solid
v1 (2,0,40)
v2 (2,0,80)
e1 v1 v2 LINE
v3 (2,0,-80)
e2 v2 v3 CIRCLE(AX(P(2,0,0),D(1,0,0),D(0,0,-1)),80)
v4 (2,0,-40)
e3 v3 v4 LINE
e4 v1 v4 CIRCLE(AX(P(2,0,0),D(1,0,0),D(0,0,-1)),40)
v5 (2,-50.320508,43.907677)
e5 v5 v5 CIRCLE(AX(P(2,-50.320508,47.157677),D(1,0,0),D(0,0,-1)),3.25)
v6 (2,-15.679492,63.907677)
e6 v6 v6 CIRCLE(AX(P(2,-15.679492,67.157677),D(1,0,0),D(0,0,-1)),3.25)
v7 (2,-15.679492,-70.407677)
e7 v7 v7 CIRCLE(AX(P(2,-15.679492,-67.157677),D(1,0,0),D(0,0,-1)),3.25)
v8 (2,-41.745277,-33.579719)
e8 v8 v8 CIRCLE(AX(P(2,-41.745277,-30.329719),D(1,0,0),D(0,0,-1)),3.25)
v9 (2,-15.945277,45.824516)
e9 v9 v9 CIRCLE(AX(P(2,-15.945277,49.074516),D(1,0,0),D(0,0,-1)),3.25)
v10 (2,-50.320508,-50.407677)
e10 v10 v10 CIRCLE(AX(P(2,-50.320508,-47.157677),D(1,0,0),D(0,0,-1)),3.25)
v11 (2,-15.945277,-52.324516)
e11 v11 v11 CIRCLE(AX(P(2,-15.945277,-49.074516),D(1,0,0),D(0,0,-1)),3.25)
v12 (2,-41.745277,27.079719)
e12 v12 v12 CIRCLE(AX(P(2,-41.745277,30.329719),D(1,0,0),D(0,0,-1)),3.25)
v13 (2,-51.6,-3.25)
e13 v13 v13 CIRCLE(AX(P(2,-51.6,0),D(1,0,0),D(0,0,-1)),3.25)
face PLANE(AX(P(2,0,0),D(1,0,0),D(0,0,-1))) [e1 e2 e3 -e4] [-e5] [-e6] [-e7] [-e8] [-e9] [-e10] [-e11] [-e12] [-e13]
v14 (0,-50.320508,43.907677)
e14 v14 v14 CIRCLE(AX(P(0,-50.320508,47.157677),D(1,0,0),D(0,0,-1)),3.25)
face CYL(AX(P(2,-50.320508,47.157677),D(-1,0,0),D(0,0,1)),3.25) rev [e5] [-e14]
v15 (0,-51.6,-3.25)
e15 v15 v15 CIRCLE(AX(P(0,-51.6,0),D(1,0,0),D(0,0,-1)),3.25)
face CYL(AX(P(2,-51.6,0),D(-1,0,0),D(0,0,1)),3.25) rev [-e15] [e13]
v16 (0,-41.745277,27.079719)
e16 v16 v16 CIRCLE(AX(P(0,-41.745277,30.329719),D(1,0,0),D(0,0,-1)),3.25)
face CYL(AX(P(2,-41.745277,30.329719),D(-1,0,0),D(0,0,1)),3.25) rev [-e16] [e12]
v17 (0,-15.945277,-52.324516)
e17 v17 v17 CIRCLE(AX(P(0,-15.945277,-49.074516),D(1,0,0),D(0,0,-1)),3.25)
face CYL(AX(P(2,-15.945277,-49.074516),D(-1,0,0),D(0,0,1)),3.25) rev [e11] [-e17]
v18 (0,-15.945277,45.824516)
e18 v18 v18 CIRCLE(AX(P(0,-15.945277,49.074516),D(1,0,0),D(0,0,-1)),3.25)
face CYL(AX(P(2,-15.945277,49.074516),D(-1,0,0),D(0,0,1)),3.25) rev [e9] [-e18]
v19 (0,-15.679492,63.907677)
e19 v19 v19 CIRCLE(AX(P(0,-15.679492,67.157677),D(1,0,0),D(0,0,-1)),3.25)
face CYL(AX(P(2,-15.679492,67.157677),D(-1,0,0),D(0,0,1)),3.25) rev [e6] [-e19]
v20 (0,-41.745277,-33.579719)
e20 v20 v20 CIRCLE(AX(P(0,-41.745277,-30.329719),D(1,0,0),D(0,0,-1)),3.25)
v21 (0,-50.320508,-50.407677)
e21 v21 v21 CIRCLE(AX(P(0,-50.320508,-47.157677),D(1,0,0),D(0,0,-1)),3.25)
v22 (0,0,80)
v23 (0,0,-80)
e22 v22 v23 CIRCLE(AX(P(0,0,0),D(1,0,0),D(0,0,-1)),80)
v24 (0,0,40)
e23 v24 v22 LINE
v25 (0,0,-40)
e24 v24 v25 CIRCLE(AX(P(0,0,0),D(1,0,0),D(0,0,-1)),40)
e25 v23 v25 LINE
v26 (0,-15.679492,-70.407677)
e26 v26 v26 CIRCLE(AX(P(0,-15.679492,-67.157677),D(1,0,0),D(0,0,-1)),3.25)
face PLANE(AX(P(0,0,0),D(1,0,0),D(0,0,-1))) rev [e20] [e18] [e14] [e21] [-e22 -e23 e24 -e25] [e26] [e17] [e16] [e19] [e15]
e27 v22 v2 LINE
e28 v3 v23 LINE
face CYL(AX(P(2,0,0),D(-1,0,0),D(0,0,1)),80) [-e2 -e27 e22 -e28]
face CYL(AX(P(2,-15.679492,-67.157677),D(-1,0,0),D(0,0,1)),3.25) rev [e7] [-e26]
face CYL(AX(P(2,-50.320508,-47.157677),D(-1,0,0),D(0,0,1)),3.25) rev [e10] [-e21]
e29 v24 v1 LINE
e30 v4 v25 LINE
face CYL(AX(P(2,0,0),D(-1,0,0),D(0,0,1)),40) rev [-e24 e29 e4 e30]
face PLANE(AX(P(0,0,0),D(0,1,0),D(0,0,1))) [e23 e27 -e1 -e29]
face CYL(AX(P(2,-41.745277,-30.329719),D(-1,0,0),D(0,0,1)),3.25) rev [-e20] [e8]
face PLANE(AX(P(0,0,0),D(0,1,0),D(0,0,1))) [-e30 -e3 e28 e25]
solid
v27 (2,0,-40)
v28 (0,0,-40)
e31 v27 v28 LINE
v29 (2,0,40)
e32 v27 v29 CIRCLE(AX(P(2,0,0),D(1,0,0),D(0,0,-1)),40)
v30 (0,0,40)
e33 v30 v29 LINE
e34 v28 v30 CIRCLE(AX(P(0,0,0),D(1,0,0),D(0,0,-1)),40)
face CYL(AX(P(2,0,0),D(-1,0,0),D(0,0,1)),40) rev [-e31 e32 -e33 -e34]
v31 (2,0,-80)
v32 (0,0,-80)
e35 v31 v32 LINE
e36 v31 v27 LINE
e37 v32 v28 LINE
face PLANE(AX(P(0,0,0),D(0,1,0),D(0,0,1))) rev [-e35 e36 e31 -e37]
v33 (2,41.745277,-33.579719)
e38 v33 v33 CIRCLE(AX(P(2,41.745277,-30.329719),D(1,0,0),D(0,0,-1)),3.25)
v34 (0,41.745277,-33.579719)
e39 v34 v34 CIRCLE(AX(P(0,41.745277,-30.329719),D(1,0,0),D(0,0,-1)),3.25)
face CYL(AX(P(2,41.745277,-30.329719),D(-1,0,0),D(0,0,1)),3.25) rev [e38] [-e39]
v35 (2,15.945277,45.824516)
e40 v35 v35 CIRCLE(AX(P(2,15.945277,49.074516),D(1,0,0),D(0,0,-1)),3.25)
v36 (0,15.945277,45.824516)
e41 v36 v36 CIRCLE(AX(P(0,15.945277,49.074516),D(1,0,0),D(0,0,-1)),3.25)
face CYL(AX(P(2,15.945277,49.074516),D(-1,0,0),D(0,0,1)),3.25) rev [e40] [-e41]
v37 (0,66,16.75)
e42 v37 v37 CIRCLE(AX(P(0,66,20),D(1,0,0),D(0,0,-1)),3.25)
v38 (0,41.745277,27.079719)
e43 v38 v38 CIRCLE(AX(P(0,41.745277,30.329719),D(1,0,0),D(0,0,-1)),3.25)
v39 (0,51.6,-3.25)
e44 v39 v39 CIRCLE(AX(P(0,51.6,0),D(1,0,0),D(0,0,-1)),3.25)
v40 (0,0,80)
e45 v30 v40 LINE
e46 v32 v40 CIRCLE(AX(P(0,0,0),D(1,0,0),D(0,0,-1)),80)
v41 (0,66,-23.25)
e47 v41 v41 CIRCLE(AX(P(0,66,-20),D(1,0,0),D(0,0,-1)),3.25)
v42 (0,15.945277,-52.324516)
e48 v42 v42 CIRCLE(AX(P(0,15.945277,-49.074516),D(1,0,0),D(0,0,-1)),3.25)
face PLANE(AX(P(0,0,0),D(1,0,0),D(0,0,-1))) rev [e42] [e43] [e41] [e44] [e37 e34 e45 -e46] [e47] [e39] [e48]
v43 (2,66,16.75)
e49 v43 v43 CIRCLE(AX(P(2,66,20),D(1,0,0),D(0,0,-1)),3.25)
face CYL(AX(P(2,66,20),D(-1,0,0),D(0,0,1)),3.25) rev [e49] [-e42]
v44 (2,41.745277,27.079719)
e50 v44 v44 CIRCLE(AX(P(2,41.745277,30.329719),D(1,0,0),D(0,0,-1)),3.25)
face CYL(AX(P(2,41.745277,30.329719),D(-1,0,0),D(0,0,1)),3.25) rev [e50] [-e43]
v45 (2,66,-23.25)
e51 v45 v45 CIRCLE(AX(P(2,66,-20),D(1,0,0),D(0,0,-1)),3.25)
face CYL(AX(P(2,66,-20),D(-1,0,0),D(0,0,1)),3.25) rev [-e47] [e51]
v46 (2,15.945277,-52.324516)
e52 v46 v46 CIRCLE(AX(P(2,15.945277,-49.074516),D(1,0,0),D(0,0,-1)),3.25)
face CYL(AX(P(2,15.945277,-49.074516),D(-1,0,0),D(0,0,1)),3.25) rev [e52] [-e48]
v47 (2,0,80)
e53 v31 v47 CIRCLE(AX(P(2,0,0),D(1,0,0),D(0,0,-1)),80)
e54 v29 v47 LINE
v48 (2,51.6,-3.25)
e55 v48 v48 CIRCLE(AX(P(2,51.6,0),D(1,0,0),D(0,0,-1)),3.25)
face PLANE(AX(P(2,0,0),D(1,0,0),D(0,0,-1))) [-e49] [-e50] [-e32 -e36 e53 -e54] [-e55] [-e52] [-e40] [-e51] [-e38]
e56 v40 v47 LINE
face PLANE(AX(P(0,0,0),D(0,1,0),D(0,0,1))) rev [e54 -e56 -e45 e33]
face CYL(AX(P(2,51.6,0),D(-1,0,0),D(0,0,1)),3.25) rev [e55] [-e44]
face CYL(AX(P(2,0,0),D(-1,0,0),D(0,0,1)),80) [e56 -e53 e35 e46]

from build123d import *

# Parameters (mm, degrees)
SKETCH1_R           = 80
SKETCH1_R_2         = 40
SKETCH1_R_3         = 3.25
BOSS_EXTRUDE1_DEPTH = 2


with BuildPart() as part:
    # Sketch1 → Boss-Extrude1 (new body)
    with BuildSketch(Plane(origin=(0, 0, 0), x_dir=(0, 0, -1), z_dir=(1, 0, 0))):
        Circle(SKETCH1_R)
        Circle(SKETCH1_R_2, mode=Mode.SUBTRACT)
        with Locations((30.329719018, 41.74527691)):
            Circle(SKETCH1_R_3, mode=Mode.SUBTRACT)
        with Locations((49.074516241, 15.94527691)):
            Circle(SKETCH1_R_3, mode=Mode.SUBTRACT)
        with Locations((49.074516241, -15.94527691)):
            Circle(SKETCH1_R_3, mode=Mode.SUBTRACT)
        with Locations((30.329719018, -41.74527691)):
            Circle(SKETCH1_R_3, mode=Mode.SUBTRACT)
        with Locations((0, -51.6)):
            Circle(SKETCH1_R_3, mode=Mode.SUBTRACT)
        with Locations((-30.329719018, -41.74527691)):
            Circle(SKETCH1_R_3, mode=Mode.SUBTRACT)
        with Locations((-49.074516241, -15.94527691)):
            Circle(SKETCH1_R_3, mode=Mode.SUBTRACT)
        with Locations((-49.074516241, 15.94527691)):
            Circle(SKETCH1_R_3, mode=Mode.SUBTRACT)
        with Locations((-30.329719018, 41.74527691)):
            Circle(SKETCH1_R_3, mode=Mode.SUBTRACT)
        with Locations((0, 51.6)):
            Circle(SKETCH1_R_3, mode=Mode.SUBTRACT)
        with Locations((-20, 66)):
            Circle(SKETCH1_R_3, mode=Mode.SUBTRACT)
        with Locations((20, 66)):
            Circle(SKETCH1_R_3, mode=Mode.SUBTRACT)
        with Locations((67.15767665, -15.679491924)):
            Circle(SKETCH1_R_3, mode=Mode.SUBTRACT)
        with Locations((47.15767665, -50.320508076)):
            Circle(SKETCH1_R_3, mode=Mode.SUBTRACT)
        with Locations((-47.15767665, -50.320508076)):
            Circle(SKETCH1_R_3, mode=Mode.SUBTRACT)
        with Locations((-67.15767665, -15.679491924)):
            Circle(SKETCH1_R_3, mode=Mode.SUBTRACT)
    extrude(amount=BOSS_EXTRUDE1_DEPTH)


with BuildPart() as body_2:
    # Split1: the piece on the far side of the plane
    add(part.part)
    split(bisect_by=Plane.ZX, keep=Keep.BOTTOM)


with BuildPart() as part_1:
    add(part.part)

    # Split1
    split(bisect_by=Plane.ZX, keep=Keep.TOP)


solid = Compound([body_2.part, part_1.part])
